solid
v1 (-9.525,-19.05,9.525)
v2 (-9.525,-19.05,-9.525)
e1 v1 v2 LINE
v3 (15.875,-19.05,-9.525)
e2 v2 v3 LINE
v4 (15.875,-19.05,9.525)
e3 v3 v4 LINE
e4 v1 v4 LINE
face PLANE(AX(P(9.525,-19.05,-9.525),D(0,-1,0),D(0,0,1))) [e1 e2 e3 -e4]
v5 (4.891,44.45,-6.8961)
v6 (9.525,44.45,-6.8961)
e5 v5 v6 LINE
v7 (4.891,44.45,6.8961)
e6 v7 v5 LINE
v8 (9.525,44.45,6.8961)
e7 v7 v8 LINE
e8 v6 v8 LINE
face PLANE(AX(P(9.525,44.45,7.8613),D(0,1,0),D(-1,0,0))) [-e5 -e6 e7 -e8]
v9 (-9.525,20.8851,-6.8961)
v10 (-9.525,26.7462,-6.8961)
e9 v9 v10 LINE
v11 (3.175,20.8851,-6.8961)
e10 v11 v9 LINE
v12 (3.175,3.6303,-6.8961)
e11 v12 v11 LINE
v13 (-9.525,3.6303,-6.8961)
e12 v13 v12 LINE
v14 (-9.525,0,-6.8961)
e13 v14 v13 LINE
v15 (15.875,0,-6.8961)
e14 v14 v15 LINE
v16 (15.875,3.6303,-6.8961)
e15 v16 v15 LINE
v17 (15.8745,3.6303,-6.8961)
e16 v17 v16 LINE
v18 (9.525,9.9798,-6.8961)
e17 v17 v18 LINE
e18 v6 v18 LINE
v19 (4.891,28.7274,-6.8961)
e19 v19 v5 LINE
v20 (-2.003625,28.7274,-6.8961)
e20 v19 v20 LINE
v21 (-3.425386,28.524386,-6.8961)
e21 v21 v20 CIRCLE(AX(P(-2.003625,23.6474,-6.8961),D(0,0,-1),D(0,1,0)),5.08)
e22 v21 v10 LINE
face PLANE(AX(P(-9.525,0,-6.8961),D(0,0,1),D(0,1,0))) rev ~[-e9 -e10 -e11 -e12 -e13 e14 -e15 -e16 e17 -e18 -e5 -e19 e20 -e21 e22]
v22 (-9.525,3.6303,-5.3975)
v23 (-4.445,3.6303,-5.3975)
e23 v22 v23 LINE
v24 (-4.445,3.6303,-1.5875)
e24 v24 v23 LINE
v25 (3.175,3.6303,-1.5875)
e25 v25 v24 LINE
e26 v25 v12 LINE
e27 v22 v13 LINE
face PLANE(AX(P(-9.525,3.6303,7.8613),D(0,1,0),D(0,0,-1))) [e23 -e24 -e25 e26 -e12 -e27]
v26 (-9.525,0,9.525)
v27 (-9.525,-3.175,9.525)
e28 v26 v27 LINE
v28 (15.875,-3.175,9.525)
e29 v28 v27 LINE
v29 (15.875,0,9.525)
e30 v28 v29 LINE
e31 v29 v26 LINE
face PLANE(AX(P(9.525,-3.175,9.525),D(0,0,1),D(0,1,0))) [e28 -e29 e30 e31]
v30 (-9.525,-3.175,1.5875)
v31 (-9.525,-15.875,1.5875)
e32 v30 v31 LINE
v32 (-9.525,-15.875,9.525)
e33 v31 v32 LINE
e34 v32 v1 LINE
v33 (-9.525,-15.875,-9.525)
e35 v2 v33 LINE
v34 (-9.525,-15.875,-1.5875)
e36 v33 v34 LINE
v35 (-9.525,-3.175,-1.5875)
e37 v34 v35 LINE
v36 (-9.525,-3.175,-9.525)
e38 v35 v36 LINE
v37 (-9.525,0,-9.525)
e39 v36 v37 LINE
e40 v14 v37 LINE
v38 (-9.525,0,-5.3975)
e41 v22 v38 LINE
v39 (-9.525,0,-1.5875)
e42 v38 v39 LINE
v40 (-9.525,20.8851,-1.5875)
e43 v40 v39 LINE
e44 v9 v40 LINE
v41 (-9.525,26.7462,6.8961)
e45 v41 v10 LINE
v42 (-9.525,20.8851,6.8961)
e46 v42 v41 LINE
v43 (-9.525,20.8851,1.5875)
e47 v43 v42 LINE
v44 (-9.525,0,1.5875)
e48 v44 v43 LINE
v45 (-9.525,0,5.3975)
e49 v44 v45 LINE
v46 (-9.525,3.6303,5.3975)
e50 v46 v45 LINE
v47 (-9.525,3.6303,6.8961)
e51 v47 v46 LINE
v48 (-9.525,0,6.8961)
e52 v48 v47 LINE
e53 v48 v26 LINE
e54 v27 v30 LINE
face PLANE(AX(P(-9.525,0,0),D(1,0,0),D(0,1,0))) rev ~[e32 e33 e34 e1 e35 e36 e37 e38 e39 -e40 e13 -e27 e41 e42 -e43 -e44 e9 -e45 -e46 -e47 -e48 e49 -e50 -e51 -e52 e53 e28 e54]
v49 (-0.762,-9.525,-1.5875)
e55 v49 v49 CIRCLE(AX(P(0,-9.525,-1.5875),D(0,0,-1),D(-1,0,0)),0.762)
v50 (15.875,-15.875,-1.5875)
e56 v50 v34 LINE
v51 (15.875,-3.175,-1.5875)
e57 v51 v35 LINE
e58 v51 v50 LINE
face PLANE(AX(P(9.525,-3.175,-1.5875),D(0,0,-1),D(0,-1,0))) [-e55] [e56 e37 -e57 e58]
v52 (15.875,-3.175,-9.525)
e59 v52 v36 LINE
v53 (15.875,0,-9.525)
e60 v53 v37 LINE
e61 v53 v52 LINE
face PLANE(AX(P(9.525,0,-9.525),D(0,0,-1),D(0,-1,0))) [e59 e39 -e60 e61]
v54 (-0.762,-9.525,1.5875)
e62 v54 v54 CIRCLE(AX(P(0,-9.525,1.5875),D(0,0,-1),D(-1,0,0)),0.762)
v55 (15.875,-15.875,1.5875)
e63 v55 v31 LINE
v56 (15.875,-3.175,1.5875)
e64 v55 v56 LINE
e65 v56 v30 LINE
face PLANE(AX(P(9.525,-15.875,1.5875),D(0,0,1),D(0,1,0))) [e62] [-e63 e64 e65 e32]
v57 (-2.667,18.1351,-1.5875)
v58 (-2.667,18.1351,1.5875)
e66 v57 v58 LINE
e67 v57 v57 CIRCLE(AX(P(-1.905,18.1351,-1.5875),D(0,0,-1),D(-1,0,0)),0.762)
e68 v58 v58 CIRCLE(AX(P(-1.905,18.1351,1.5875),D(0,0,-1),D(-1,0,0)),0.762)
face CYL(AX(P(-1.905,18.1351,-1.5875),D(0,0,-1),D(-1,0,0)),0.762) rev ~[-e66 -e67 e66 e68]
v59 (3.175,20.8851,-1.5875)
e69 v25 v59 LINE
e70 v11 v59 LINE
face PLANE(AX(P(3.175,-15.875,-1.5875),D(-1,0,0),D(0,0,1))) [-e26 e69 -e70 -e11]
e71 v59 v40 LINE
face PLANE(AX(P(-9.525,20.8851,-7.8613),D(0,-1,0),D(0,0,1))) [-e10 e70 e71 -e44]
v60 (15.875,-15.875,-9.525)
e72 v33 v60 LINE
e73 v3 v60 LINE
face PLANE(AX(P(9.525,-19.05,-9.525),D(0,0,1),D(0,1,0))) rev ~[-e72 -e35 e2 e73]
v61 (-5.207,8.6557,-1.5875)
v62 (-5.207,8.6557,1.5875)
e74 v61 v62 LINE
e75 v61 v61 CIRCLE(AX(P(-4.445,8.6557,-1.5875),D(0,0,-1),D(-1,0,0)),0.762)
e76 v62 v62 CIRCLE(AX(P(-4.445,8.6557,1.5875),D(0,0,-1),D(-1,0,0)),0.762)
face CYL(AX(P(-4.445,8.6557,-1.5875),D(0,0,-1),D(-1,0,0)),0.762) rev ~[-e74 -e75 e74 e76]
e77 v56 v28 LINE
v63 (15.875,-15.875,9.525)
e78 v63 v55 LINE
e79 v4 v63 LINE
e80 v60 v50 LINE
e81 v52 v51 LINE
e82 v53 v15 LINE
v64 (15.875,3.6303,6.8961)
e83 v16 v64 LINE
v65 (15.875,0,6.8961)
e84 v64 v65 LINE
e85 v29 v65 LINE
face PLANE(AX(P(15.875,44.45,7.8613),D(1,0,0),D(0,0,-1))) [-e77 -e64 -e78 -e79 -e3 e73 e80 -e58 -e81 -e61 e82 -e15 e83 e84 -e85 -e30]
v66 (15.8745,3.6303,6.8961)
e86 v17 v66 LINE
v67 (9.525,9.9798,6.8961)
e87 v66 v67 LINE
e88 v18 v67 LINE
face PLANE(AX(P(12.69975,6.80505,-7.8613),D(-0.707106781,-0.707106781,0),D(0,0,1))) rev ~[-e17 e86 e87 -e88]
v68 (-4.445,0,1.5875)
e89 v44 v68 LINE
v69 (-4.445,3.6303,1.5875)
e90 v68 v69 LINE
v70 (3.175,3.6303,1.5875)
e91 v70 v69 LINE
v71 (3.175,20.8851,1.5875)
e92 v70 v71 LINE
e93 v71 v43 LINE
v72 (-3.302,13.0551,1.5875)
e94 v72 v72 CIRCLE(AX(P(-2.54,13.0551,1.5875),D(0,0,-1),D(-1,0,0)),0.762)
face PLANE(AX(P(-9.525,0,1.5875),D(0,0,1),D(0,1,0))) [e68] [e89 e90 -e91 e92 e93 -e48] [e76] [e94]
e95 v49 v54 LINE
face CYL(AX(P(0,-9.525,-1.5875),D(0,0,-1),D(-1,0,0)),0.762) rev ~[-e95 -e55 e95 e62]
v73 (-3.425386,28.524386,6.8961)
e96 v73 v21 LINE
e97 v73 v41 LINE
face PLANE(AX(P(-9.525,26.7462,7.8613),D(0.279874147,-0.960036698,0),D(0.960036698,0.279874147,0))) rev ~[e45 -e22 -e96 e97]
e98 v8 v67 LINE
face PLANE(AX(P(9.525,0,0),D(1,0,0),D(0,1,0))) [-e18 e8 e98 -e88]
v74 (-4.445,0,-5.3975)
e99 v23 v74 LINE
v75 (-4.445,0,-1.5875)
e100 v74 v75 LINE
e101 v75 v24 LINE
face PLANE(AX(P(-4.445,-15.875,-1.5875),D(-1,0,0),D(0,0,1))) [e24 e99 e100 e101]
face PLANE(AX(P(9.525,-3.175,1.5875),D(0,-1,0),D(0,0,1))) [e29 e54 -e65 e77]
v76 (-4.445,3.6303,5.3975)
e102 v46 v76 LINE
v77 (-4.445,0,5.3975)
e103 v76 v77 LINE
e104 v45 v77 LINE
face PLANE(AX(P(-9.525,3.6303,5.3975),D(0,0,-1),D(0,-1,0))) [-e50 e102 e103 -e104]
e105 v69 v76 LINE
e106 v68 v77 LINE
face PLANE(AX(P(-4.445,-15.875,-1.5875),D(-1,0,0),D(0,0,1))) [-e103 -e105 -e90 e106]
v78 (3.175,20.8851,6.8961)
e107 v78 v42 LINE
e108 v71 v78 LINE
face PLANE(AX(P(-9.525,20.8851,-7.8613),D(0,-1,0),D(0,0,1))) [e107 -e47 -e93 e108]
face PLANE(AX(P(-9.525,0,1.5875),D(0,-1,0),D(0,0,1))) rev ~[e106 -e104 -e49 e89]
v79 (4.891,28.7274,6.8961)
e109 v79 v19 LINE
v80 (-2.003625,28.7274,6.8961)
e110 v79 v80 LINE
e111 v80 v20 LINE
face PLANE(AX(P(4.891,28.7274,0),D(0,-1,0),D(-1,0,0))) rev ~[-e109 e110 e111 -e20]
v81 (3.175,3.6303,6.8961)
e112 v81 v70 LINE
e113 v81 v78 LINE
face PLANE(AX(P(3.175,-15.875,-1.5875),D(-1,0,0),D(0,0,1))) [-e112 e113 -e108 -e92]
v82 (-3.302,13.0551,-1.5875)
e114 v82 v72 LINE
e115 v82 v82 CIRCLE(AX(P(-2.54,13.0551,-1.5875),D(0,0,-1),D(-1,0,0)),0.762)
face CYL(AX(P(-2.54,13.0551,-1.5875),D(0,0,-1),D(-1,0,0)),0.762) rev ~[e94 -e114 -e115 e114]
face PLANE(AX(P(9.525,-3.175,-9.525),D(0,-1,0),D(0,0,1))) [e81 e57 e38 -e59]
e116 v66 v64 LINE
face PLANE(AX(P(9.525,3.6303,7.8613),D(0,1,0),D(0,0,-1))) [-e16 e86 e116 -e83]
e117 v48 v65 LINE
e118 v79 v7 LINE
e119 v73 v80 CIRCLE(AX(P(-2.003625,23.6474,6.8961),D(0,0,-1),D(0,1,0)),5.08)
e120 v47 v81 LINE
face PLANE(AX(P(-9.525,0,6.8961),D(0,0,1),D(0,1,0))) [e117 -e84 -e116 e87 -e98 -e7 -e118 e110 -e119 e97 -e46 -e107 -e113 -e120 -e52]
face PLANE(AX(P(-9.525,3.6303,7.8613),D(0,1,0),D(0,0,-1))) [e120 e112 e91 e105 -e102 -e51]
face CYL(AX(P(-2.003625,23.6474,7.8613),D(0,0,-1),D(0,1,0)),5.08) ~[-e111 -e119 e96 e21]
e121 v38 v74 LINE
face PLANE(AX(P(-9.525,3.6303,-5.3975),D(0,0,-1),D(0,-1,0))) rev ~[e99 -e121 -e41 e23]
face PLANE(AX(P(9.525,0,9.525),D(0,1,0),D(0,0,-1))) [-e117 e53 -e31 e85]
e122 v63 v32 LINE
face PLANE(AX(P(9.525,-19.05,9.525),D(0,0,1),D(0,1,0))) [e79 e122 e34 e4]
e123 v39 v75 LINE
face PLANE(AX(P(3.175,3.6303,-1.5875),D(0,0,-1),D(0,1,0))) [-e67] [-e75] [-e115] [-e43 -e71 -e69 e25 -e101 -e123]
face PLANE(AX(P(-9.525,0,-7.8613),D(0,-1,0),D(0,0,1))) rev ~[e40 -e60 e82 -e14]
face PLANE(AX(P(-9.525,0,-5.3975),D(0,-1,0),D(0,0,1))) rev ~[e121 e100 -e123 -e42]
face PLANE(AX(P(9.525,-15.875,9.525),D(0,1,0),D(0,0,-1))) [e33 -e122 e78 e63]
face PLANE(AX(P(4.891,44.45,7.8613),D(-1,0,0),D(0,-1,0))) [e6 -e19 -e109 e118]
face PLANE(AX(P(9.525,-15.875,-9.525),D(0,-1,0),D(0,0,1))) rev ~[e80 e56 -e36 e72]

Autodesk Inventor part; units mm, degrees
ref_plane "YZ Plane" through (0, 0, 0) normal (1, 0, 0) x (0, 1, 0)
ref_plane "XZ Plane" through (0, 0, 0) normal (0, 1, 0) x (-1, 0, 0)
ref_plane "XY Plane" through (0, 0, 0) normal (0, 0, 1) x (1, 0, 0)
sketch "Sketch1" plane through (0, 0, 0) normal (0, 0, 1) x (1, 0, 0)
  line L0 (-9.525, 0) -> (9.525, 0)
  line L1 (9.525, 0) -> (9.525, 44.45)
  line L2 (9.525, 44.45) -> (5.715, 44.45)
  line L3 (5.715, 44.45) -> (4.891, 28.7274)
  line L4 (4.891, 28.7274) -> (-9.525, 28.7274)
  line L5 (-9.525, 28.7274) -> (-9.525, 0)
  point P0 (0, 0)
  point P1 (0, 0)
  dimension "d0" = 44.45
  dimension "d1" = 15.24
  dimension "d2" = 15.7226
  dimension "d3" = 19.05
  dimension "d14" = 93
extrude "Extrusion1" add sketch "Sketch1" along normal mid plane 15.7226
sketch "Sketch2" plane through (0, 0, 0) normal (1, 0, 0) x (0, 1, 0)
  line L0 (-19.05, 9.525) -> (-19.05, -9.525)
  line L1 (-19.05, -9.525) -> (-15.875, -9.525)
  line L2 (-15.875, -9.525) -> (-15.875, -1.5875)
  line L3 (-15.875, -1.5875) -> (-3.175, -1.5875)
  line L4 (-3.175, -1.5875) -> (-3.175, -9.525)
  line L5 (-3.175, -9.525) -> (0, -9.525)
  line L6 (0, -9.525) -> (0, 9.525)
  line L7 (0, 9.525) -> (-3.175, 9.525)
  line L8 (-3.175, 9.525) -> (-3.175, 1.5875)
  line L9 (-3.175, 1.5875) -> (-15.875, 1.5875)
  line L10 (-15.875, 1.5875) -> (-15.875, 9.525)
  line L11 (-15.875, 9.525) -> (-19.05, 9.525)
  line L12 (0, -7.8613) -> (0, 7.8613) projected
  point P0 (0, 0)
  point P1 (0, 0)
  dimension "d6" = 19.05
  dimension "d7" = 19.05
  dimension "d8" = 3.175
  dimension "d9" = 3.175
extrude "Extrusion2" add sketch "Sketch2" along normal mid plane 19.05
sketch "Sketch6" plane through (0, 0, 7.8613) normal (0, 0, 1) x (1, 0, 0)
  line L0 (4.891, 28.7274) -> (9.525, 28.7274)
  line L1 (9.525, 28.7274) -> (9.525, 44.45)
  line L2 (9.525, 44.45) -> (4.891, 44.45)
  line L3 (4.891, 44.45) -> (4.891, 28.7274)
  point P0 (0, 0)
extrude "Extrusion3" add sketch "Sketch6" against normal blind 15.7226
sketch "Sketch9" plane through (0, 0, 7.8613) normal (0, 0, 1) x (1, 0, 0)
  line L0 (4.891, 44.45) -> (4.891, 28.7274) projected
  line L1 (-9.525, 28.7274) -> (-9.525, 0) projected
  line L2 (4.891, 28.7274) -> (-2.729, 28.7274)
  line L3 (4.891, 28.7274) -> (-9.525, 28.7274) projected
  line L4 (-9.525, 28.7274) -> (-9.525, 26.7462)
  line L5 (-9.525, 26.7462) -> (-2.729, 28.7274)
  point P0 (0, 0)
  dimension "d22" = 14.416
  dimension "d23" = 7.62
  dimension "d24" = 1.9812
extrude "Extrusion5" cut sketch "Sketch9" against normal blind 25.4
fillet "Fillet2" radius 5.08 1 edges at (-2.729, 28.7274, 0)
sketch "Sketch10" plane through (-9.525, -15.875, 1.5875) normal (0, 0, 1) x (1, 0, 0)
  circle A0 centre (9.525, 6.35) radius 0.635
  line L0 (0, 0) -> (0, 12.7) projected
  line L1 (19.05, -3.175) -> (0, -3.175) projected
  point P0 (9.525, 15.875)
  dimension "d28" = 9.525
  dimension "d29" = 9.525
  dimension "d30" = 1.27
extrude "Extrusion6" cut sketch "Sketch10" against normal blind 25.4
sketch "Sketch12" plane through (-9.525, -15.875, -1.5875) normal (-1, 0, 0) x (0, 0, 1)
  line L0 (-6.2738, 60.325) -> (-6.2738, 15.875) projected
  line L1 (9.4488, 42.6212) -> (9.4488, 15.875) projected
  line L2 (-6.2738, 36.7601) -> (9.4488, 36.7601)
  line L3 (9.4488, 36.7601) -> (9.4488, 19.5053)
  line L4 (9.4488, 19.5053) -> (-6.2738, 19.5053)
  line L5 (-6.2738, 19.5053) -> (-6.2738, 36.7601)
  point P0 (1.5875, 15.875)
extrude "Extrusion7" cut sketch "Sketch12" against normal blind 12.7
sketch "Sketch13" plane through (3.175, -15.875, -1.5875) normal (-1, 0, 0) x (0, 0, 1)
  line L0 (0, 12.7) -> (0, 36.7601)
  line L1 (-6.2738, 36.7601) -> (9.4488, 36.7601) projected
  line L2 (0, 12.7) -> (0, 0) projected
  line L3 (3.175, 12.7) -> (3.175, 36.7601)
  line L4 (3.175, 0) -> (3.175, 12.7) projected
  line L5 (9.4488, 19.5053) -> (-6.2738, 19.5053) projected
  line L6 (0, 36.7601) -> (3.175, 36.7601)
  line L7 (3.175, 36.7601) -> (3.175, 19.5053)
  line L8 (3.175, 19.5053) -> (0, 19.5053)
  line L9 (0, 19.5053) -> (0, 36.7601)
  point P0 (1.5875, 15.875)
extrude "Extrusion8" add sketch "Sketch13" along normal blind 12.7
sketch "Sketch15" plane through (3.175, 3.6303, 1.5875) normal (0, 0, 1) x (1, 0, 0)
  circle A0 centre (-7.62, 5.0254) radius 0.635
  line L0 (-12.7, 0) -> (-12.7, 17.2548) projected
  circle A1 centre (-5.715, 9.4248) radius 0.635
  circle A2 centre (-5.08, 14.5048) radius 0.635
  point P0 (-3.175, -3.6303)
  dimension "d40" = 5.08
  dimension "d41" = 1.27
  dimension "d42" = 1.27
  dimension "d45" = 1.27
  dimension "d46" = 6.985
  dimension "d47" = 7.62
extrude "Extrusion9" cut sketch "Sketch15" against normal blind 12.7
sketch "Sketch17" plane through (-9.525, -15.875, -1.5875) normal (-1, 0, 0) x (0, 0, 1)
  line L0 (-7.9375, 15.875) -> (11.1125, 15.875)
  line L1 (0, 19.5053) -> (-3.81, 19.5053)
  line L2 (-3.81, 19.5053) -> (-3.81, 15.875)
  line L3 (-3.81, 15.875) -> (0, 15.875)
  line L4 (0, 15.875) -> (0, 19.5053)
  line L5 (3.175, 19.5053) -> (6.985, 19.5053)
  line L6 (6.985, 19.5053) -> (6.985, 15.875)
  line L7 (6.985, 15.875) -> (3.175, 15.875)
  line L8 (3.175, 15.875) -> (3.175, 19.5053)
  point P0 (1.5875, 15.875)
  dimension "d51" = 3.81
  dimension "d52" = 3.81
extrude "Extrusion10" cut sketch "Sketch17" against normal blind 5.08
sketch "Sketch18" plane through (9.525, 44.45, 7.8613) normal (1, 0, 0) x (0, 0, -1)
  line L0 (-1.6637, -63.5) -> (-1.6637, -60.325)
  line L1 (-1.6637, -60.325) -> (6.2738, -60.325)
  line L2 (6.2738, -60.325) -> (-1.6637, -60.325) projected
  line L3 (6.2738, -60.325) -> (6.2738, -47.625)
  line L4 (6.2738, -47.625) -> (-1.6637, -47.625)
  line L5 (-1.6637, -47.625) -> (-1.6637, -44.45)
  line L6 (-1.6637, -44.45) -> (-1.6637, -47.625) projected
  line L7 (-1.6637, -44.45) -> (0, -44.45)
  line L8 (0, -44.45) -> (0, -40.8197)
  line L9 (0, -44.45) -> (0, 0) projected
  line L10 (15.7226, 0) -> (15.7226, -44.45) projected
  line L11 (15.7226, -41.3057) -> (15.7226, -44.45)
  line L12 (17.3863, -44.45) -> (15.7226, -44.45) projected
  line L13 (15.7226, -44.45) -> (17.3863, -44.45)
  line L14 (17.3863, -44.45) -> (17.3863, -47.625)
  line L15 (17.3863, -47.625) -> (17.3863, -44.45) projected
  line L16 (17.3863, -47.625) -> (9.4488, -47.625)
  line L17 (9.4488, -47.625) -> (9.4488, -60.325)
  line L18 (17.3863, -60.325) -> (9.4488, -60.325) projected
  line L19 (9.4488, -60.325) -> (17.3863, -60.325)
  line L20 (17.3863, -63.5) -> (17.3863, -60.325) projected
  line L21 (17.3863, -60.325) -> (17.3863, -63.5)
  line L22 (17.3863, -63.5) -> (-1.6637, -63.5)
  line L23 (-1.6637, -63.5) -> (17.3863, -63.5) projected
  line L24 (0, -40.8197) -> (15.7226, -40.8197)
  line L25 (9.4488, -40.8197) -> (15.7226, -40.8197) projected
  line L26 (15.7226, -40.8197) -> (15.7226, -44.45)
  point P0 (7.8613, -44.45)
extrude "Extrusion11" add sketch "Sketch18" along normal blind 6.35
chamfer "Chamfer1" distance 6.35 angle 45 1 edges at (9.525, 3.6303, 0)
sketch "Sketch19" plane through (-9.525, -15.875, -1.5875) normal (0, 0, -1) x (-1, 0, 0)
  circle A0 centre (-9.525, 6.35) radius 0.762
  circle A1 centre (-9.525, 6.35) radius 0.635 projected
  point P0 (-9.525, 15.875)
  dimension "d60" = 0
  dimension "d61" = 0
  dimension "d62" = 1.524
extrude "Extrusion12" cut sketch "Sketch19" against normal blind 6.35
sketch "Sketch20" plane through (3.175, 3.6303, -1.5875) normal (0, 0, -1) x (-1, 0, 0)
  circle A0 centre (5.08, 14.5048) radius 0.762
  circle A1 centre (5.08, 14.5048) radius 0.635 projected
  circle A2 centre (5.715, 9.4248) radius 0.762
  circle A3 centre (5.715, 9.4248) radius 0.635 projected
  circle A4 centre (7.62, 5.0254) radius 0.762
  circle A5 centre (7.62, 5.0254) radius 0.635 projected
  point P0 (3.175, -3.6303)
  dimension "d65" = 0
  dimension "d66" = 0
  dimension "d67" = 1.524
  dimension "d68" = 0
  dimension "d69" = 0
  dimension "d70" = 1.524
  dimension "d71" = 0
  dimension "d72" = 0
  dimension "d73" = 1.524
extrude "Extrusion13" cut sketch "Sketch20" against normal blind 6.35
sketch "Sketch25" plane through (-9.525, -15.875, -1.5875) normal (-1, 0, 0) x (0, 0, 1)
  line L0 (9.4488, 19.5053) -> (9.4488, 15.875) projected
  line L1 (-6.2738, 15.875) -> (-6.2738, 19.5053) projected
  line L2 (-6.2738, 15.875) -> (-5.3086, 15.875)
  line L3 (-5.3086, 15.875) -> (-5.3086, 64.7795)
  line L4 (-5.3086, 64.7795) -> (-6.2738, 64.7795)
  line L5 (-6.2738, 64.7795) -> (-6.2738, 15.875)
  line L6 (9.4488, 15.875) -> (8.4836, 15.875)
  line L7 (8.4836, 15.875) -> (8.4836, 64.7795)
  line L8 (8.4836, 64.7795) -> (9.4488, 64.7795)
  line L9 (9.4488, 64.7795) -> (9.4488, 15.875)
  point P0 (1.5875, 15.875)
  dimension "d87" = 15.7226
  dimension "d88" = 0.9652
  dimension "d89" = 0.9652
extrude "Extrusion16" cut sketch "Sketch25" against normal blind 38.1
properties part number "mod_gripper" material "Steel, High Strength Low Alloy"
